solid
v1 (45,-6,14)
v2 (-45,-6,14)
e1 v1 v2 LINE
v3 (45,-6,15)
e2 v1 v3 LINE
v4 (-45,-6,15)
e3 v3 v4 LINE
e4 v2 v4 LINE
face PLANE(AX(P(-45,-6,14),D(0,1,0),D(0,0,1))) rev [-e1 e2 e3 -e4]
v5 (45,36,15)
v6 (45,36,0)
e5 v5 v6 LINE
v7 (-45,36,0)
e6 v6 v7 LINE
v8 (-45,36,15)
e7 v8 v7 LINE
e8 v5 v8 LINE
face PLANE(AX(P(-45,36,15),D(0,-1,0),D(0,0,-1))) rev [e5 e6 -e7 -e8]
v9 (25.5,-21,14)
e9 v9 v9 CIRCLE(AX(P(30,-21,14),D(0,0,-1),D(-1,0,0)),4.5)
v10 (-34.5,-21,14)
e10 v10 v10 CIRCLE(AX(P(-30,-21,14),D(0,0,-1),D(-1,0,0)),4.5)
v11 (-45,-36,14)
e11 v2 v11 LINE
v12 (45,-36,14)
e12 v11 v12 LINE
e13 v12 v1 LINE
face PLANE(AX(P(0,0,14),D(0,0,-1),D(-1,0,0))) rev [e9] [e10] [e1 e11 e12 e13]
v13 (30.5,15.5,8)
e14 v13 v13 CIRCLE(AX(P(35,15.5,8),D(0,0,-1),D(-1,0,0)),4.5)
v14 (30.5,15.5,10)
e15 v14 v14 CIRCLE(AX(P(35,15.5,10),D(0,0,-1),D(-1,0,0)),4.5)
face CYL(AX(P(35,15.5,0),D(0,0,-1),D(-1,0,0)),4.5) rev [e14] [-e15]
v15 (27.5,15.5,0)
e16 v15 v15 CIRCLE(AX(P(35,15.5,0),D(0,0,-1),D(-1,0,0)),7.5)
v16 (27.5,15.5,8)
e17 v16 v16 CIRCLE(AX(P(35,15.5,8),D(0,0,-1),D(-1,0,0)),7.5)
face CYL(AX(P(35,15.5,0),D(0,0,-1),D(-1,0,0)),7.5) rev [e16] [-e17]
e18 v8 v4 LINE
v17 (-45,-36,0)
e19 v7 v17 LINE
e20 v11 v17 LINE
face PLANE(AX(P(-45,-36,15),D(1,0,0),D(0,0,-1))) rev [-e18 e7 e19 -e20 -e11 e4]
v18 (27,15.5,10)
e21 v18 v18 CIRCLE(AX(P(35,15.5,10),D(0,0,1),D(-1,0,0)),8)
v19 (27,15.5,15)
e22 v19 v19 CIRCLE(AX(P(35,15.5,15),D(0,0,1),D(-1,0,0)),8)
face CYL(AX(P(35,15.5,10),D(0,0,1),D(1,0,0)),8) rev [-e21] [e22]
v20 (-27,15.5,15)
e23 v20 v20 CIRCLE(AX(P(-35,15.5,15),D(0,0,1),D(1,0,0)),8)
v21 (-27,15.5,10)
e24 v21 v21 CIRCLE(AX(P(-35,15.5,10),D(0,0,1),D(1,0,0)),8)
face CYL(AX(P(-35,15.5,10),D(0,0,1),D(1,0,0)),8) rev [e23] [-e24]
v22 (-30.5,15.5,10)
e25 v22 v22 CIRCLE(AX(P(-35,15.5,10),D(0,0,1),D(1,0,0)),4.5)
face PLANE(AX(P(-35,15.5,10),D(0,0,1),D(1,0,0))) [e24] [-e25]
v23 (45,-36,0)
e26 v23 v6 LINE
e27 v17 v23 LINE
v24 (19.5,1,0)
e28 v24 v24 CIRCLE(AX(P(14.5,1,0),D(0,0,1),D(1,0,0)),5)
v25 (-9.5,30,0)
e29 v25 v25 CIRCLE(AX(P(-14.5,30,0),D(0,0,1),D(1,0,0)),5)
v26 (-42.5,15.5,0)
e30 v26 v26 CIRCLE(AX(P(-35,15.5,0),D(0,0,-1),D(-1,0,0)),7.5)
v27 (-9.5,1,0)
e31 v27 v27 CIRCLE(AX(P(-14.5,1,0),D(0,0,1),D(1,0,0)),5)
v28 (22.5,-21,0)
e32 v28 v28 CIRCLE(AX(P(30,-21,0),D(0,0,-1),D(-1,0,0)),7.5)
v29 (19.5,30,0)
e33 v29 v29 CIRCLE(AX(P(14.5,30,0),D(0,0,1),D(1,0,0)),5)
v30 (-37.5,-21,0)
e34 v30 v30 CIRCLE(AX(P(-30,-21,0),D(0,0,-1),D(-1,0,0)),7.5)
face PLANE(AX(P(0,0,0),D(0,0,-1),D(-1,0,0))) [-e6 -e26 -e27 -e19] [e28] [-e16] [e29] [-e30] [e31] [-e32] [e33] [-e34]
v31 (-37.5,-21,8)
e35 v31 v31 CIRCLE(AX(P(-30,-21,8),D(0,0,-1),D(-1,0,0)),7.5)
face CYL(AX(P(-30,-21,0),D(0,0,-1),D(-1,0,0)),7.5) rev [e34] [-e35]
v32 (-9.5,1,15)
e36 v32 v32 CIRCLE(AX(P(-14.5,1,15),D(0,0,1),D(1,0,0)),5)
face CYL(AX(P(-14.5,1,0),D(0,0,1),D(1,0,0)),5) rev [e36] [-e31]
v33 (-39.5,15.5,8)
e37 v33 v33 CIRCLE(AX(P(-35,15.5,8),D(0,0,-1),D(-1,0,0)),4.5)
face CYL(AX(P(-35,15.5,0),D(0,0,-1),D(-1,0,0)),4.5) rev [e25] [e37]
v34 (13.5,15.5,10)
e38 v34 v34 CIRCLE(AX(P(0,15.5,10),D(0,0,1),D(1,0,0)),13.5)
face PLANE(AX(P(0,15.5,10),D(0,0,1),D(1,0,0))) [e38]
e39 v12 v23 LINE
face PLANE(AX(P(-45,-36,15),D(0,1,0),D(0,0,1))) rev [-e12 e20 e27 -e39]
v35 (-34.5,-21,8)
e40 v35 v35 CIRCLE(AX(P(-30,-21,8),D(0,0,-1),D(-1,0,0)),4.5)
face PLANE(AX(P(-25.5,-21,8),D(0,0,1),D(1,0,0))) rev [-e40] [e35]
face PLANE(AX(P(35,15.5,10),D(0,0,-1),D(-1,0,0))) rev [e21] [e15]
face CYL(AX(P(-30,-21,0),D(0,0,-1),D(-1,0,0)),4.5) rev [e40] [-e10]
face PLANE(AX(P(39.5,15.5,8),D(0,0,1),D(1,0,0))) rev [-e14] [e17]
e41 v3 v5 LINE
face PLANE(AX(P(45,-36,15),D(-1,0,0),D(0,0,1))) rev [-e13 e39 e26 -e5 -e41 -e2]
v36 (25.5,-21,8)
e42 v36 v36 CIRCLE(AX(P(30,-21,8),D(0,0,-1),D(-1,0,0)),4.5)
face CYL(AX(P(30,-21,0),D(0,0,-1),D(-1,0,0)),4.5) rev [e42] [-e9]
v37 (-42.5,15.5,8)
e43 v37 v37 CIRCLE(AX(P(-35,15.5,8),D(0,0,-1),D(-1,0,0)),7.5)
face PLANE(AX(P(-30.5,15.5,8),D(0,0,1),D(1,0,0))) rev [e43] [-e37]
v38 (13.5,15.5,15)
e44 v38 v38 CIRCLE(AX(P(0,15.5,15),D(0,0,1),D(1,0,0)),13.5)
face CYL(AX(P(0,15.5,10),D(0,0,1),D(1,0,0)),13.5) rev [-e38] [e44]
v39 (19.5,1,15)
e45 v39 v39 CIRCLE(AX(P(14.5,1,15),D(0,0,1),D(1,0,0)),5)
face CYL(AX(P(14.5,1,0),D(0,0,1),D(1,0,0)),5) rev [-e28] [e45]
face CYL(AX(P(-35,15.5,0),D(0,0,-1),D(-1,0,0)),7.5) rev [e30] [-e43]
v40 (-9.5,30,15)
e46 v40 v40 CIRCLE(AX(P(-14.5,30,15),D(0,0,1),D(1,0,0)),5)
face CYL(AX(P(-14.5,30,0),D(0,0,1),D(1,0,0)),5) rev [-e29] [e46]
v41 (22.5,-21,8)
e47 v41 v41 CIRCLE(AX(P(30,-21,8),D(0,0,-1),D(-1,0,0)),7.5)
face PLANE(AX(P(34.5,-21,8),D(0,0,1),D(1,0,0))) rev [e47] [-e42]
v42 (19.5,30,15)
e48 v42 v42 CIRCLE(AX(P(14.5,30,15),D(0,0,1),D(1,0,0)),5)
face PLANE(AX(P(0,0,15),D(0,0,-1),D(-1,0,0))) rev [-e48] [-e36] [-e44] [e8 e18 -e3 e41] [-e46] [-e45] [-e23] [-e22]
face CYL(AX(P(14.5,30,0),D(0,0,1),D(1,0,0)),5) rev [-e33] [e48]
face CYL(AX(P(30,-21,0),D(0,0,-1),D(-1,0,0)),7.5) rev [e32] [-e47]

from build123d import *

# Parameters (mm, degrees)
SKETCH1_W                      = 90
SKETCH1_H                      = 72
BOSS_EXTRUDE1_DEPTH            = 15
SKETCH2_W                      = 90
SKETCH2_H                      = 30
CUT_EXTRUDE1_DEPTH             = 1
SKETCH3_R                      = 5
CUT_EXTRUDE2_DEPTH             = 60.548299724
SKETCH4_R                      = 13.5
SKETCH4_R_2                    = 8
CUT_EXTRUDE3_DEPTH             = 5
CBORE_FOR_M8_SHCS1_D           = 9
CBORE_FOR_M8_SHCS1_DEPTH       = 15
CBORE_FOR_M8_SHCS1_CBORE_D     = 15
CBORE_FOR_M8_SHCS1_CBORE_DEPTH = 8
CBORE_FOR_M8_SHCS1_TIP         = 2.703872786


with BuildPart() as part:
    # Sketch1 → Boss-Extrude1 (new body)
    with BuildSketch(Plane.XY):
        Rectangle(SKETCH1_W, SKETCH1_H)
    extrude(amount=BOSS_EXTRUDE1_DEPTH)

    # Sketch2 → Cut-Extrude1 (cut)
    with BuildSketch(Plane.XY.offset(15)):
        with Locations((0, -21)):
            Rectangle(SKETCH2_W, SKETCH2_H)
    extrude(amount=-CUT_EXTRUDE1_DEPTH, mode=Mode.SUBTRACT)

    # Sketch3 → Cut-Extrude2 (cut, through all)
    with BuildSketch(Plane.XY.offset(15)):
        with Locations((-14.5, 30)):
            Circle(SKETCH3_R)
        with Locations((14.5, 30)):
            Circle(SKETCH3_R)
        with Locations((14.5, 1)):
            Circle(SKETCH3_R)
        with Locations((-14.5, 1)):
            Circle(SKETCH3_R)
    extrude(amount=-CUT_EXTRUDE2_DEPTH, mode=Mode.SUBTRACT)

    # Sketch4 → Cut-Extrude3 (cut)
    with BuildSketch(Plane.XY.offset(15)):
        with Locations((0, 15.5)):
            Circle(SKETCH4_R)
        with Locations((-35, 15.5)):
            Circle(SKETCH4_R_2)
        with Locations(Location((35, 15.5, 0), (0, 0, 180))):
            Circle(SKETCH4_R_2)
    extrude(amount=-CUT_EXTRUDE3_DEPTH, mode=Mode.SUBTRACT)

    # CBORE for M8 SHCS1
    with Locations(Plane(origin=(0, 0, 0), x_dir=(-1, 0, 0), z_dir=(0, 0, -1))):
        with Locations((30, -21), (-30, -21), (-35, 15.5), (35, 15.5)):
            CounterBoreHole(CBORE_FOR_M8_SHCS1_D / 2, CBORE_FOR_M8_SHCS1_CBORE_D / 2, CBORE_FOR_M8_SHCS1_CBORE_DEPTH, depth=CBORE_FOR_M8_SHCS1_DEPTH)
            with Locations((0, 0, -(CBORE_FOR_M8_SHCS1_DEPTH + CBORE_FOR_M8_SHCS1_TIP / 2))):  # 118° drill point
                Cone(0, CBORE_FOR_M8_SHCS1_D / 2, CBORE_FOR_M8_SHCS1_TIP, mode=Mode.SUBTRACT)


solid = part.part
